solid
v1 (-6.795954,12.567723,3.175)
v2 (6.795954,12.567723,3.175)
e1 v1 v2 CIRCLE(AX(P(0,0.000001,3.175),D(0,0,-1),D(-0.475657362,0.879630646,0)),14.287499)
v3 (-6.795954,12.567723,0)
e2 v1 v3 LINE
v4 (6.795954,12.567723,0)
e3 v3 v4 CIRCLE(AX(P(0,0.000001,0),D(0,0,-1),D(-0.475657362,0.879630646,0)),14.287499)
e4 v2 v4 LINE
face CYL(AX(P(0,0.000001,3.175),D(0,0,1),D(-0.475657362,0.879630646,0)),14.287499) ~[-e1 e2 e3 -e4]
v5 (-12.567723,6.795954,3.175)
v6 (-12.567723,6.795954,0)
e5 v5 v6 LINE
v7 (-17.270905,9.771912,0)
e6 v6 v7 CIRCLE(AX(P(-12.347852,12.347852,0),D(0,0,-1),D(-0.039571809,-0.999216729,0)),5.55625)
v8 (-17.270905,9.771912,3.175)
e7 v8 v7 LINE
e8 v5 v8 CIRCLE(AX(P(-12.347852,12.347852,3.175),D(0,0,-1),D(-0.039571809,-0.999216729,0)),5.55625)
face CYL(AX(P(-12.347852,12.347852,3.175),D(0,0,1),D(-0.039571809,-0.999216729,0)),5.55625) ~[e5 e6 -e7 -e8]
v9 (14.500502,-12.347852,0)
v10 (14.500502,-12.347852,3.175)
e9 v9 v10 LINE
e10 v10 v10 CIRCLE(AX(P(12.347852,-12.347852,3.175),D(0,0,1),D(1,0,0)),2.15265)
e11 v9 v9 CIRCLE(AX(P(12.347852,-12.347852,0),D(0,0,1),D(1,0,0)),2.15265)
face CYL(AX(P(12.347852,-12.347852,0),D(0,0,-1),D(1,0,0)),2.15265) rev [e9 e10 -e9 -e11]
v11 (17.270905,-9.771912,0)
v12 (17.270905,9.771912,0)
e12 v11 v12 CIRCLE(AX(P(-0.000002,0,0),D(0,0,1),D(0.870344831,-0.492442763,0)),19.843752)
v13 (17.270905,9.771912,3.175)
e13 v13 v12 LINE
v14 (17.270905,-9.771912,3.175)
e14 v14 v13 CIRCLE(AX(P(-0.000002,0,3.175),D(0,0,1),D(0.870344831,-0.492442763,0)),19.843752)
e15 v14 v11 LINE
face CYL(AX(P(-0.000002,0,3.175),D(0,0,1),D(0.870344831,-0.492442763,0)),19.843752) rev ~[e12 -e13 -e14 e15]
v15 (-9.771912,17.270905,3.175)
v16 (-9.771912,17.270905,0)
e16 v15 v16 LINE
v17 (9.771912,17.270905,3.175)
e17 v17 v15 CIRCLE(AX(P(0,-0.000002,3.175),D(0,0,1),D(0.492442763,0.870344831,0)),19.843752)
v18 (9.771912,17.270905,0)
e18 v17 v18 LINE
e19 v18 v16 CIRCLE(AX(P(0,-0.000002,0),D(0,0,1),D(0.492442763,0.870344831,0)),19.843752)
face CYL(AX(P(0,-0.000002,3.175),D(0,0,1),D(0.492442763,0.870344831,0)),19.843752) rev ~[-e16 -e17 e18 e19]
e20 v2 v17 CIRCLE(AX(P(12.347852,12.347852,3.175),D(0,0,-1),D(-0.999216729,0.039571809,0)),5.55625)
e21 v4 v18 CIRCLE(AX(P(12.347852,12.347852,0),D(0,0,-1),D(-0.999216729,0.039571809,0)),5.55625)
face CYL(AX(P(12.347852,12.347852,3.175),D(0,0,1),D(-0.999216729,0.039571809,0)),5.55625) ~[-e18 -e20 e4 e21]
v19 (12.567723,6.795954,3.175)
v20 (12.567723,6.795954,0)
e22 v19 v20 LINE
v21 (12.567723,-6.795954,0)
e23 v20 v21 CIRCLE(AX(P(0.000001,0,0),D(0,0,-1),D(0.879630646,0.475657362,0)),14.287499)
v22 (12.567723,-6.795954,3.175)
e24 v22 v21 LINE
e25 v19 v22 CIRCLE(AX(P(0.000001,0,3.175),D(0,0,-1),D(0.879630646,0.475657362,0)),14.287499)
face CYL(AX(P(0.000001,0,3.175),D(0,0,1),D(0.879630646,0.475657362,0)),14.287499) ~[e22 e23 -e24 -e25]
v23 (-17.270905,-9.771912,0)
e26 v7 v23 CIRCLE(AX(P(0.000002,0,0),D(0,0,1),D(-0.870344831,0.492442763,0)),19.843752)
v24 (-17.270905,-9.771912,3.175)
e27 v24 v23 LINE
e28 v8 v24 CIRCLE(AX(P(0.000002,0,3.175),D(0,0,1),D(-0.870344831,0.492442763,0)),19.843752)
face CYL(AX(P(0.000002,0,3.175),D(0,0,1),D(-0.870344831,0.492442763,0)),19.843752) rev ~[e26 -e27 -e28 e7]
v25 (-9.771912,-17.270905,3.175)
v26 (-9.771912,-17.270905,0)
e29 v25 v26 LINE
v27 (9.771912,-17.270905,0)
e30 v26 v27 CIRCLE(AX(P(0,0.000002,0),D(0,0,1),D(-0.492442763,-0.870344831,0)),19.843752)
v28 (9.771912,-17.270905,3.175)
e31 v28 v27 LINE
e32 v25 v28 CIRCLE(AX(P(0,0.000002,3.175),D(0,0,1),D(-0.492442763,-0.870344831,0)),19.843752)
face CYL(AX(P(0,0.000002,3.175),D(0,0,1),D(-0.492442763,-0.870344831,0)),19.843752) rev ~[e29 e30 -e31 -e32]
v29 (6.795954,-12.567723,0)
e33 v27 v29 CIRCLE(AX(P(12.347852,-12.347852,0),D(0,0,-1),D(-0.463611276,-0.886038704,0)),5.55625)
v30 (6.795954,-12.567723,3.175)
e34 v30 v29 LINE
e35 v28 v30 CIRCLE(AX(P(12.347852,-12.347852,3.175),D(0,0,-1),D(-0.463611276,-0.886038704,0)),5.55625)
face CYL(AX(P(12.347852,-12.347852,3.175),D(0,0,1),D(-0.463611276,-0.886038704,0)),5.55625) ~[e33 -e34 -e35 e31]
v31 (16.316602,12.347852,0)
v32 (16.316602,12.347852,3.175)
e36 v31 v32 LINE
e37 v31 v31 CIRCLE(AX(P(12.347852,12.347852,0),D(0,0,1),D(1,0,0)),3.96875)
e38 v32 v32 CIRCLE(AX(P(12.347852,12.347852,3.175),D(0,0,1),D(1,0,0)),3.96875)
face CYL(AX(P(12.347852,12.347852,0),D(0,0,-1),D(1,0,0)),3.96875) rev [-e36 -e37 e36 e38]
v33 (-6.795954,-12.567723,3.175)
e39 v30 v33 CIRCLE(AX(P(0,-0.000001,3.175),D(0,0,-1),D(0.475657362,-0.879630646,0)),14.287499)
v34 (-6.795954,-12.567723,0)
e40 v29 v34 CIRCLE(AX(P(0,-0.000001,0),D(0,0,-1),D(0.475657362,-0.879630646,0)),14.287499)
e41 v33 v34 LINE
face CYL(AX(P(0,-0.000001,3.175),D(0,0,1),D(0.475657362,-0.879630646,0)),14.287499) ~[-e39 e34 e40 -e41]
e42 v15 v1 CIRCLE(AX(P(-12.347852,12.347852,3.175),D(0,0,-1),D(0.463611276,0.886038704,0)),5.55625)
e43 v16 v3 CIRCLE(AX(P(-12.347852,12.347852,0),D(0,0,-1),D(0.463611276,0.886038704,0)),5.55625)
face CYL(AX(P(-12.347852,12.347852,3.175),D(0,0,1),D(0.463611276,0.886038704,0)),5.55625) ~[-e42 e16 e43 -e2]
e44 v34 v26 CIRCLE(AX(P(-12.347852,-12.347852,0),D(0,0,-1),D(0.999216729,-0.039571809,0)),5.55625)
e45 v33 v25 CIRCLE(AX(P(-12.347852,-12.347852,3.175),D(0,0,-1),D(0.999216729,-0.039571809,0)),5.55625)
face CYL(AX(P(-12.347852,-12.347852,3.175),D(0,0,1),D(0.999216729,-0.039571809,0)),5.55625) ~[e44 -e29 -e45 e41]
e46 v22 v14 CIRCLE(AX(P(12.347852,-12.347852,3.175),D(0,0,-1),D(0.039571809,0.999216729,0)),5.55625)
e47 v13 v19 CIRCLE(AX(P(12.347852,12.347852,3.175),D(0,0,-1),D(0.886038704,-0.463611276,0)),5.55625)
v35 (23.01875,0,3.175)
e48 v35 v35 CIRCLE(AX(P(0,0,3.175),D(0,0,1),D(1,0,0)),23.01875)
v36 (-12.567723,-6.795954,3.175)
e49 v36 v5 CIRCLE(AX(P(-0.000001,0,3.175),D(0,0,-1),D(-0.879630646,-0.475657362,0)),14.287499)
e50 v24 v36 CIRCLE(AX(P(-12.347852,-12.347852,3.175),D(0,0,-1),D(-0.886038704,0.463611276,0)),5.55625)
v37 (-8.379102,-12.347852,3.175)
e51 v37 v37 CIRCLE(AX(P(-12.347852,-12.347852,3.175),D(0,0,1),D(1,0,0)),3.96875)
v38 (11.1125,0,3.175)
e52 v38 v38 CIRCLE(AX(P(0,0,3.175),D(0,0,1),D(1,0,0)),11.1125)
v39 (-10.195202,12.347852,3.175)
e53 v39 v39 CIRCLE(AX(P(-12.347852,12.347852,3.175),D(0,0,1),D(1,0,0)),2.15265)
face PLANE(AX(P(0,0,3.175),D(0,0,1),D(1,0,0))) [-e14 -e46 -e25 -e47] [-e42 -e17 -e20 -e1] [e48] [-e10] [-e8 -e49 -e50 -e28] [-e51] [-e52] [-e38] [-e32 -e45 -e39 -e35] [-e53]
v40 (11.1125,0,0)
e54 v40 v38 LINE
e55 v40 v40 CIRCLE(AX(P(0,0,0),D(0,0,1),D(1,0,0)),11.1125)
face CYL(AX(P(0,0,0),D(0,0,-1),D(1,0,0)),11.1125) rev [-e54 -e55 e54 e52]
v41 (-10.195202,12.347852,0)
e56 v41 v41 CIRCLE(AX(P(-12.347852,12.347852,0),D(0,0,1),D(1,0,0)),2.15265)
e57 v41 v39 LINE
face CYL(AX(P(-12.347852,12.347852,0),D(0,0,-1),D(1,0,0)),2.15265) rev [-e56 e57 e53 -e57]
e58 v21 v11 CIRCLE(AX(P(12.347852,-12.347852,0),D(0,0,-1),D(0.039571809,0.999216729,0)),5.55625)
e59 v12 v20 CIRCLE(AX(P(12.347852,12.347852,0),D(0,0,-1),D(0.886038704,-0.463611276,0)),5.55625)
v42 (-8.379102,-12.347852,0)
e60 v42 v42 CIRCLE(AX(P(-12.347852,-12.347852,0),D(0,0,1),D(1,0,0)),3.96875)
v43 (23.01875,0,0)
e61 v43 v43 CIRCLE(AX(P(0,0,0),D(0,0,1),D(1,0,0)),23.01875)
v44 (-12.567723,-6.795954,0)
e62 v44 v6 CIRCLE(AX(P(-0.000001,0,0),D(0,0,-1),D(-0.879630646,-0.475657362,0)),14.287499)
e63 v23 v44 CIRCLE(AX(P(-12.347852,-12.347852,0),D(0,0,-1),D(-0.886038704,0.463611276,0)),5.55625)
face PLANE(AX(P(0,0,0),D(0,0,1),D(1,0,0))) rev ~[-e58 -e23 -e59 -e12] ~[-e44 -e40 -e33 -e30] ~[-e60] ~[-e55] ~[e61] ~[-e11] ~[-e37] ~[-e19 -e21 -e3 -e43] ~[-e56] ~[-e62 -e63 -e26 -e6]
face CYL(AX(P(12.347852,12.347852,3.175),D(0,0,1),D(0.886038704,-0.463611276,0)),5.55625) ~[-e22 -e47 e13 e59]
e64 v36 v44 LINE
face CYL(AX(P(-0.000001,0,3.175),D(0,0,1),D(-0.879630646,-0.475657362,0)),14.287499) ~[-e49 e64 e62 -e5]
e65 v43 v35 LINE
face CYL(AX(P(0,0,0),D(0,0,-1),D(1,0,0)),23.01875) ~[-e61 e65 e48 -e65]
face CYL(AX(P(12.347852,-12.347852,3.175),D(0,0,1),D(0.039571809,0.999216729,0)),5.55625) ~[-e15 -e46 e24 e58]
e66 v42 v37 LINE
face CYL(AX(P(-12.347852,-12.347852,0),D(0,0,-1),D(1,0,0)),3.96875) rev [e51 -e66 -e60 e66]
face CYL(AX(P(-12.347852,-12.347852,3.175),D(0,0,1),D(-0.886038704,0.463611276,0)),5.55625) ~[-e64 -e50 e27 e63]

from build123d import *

# Parameters (mm, degrees)
F0_R     = 23.01875
F0_R_2   = 3.96875
F0_R_3   = 2.15265
F0_R_4   = 11.1125
F1_DEPTH = 3.175
F3_DEPTH = 3.175


with BuildPart() as f1:
    # F0 (on Top) → F1 (new body)
    with BuildSketch(Plane.XY):
        Circle(F0_R)
        with Locations((-12.347852, -12.347852)):
            Circle(F0_R_2, mode=Mode.SUBTRACT)
        with Locations((12.347852, -12.347852)):
            Circle(F0_R_3, mode=Mode.SUBTRACT)
        with Locations((-12.347852, 12.347852)):
            Circle(F0_R_3, mode=Mode.SUBTRACT)
        Circle(F0_R_4, mode=Mode.SUBTRACT)
        with Locations((12.347852, 12.347852)):
            Circle(F0_R_2, mode=Mode.SUBTRACT)
    extrude(amount=F1_DEPTH)

    # F2 (on face) → F3 (cut, through all)
    with BuildSketch(Plane.XY.offset(3.175)):
        with BuildLine():
            ThreePointArc((-9.771912, 17.270905), (-7.652597, 15.318794), (-6.795954, 12.567723))
            ThreePointArc((-6.795954, 12.567723), (0, 14.2875), (6.795954, 12.567723))
            ThreePointArc((6.795954, 12.567723), (7.652597, 15.318794), (9.771912, 17.270905))
            ThreePointArc((9.771912, 17.270905), (0, 19.84375), (-9.771912, 17.270905))
        make_face()
        with BuildLine():
            ThreePointArc((-12.567723, 6.795954), (-15.318794, 7.652597), (-17.270905, 9.771912))
            ThreePointArc((-17.270905, 9.771912), (-19.84375, 0), (-17.270905, -9.771912))
            ThreePointArc((-17.270905, -9.771912), (-15.318794, -7.652597), (-12.567723, -6.795954))
            ThreePointArc((-12.567723, -6.795954), (-14.2875, 0), (-12.567723, 6.795954))
        make_face()
        with BuildLine():
            ThreePointArc((17.270905, 9.771912), (15.318794, 7.652597), (12.567723, 6.795954))
            ThreePointArc((12.567723, 6.795954), (14.2875, 0), (12.567723, -6.795954))
            ThreePointArc((12.567723, -6.795954), (15.318794, -7.652597), (17.270905, -9.771912))
            ThreePointArc((17.270905, -9.771912), (19.84375, 0), (17.270905, 9.771912))
        make_face()
        with BuildLine():
            ThreePointArc((-6.795954, -12.567723), (-7.652597, -15.318794), (-9.771912, -17.270905))
            ThreePointArc((-9.771912, -17.270905), (0, -19.84375), (9.771912, -17.270905))
            ThreePointArc((9.771912, -17.270905), (7.652597, -15.318794), (6.795954, -12.567723))
            ThreePointArc((6.795954, -12.567723), (0, -14.2875), (-6.795954, -12.567723))
        make_face()
    extrude(amount=-F3_DEPTH, mode=Mode.SUBTRACT)


solid = f1.part
